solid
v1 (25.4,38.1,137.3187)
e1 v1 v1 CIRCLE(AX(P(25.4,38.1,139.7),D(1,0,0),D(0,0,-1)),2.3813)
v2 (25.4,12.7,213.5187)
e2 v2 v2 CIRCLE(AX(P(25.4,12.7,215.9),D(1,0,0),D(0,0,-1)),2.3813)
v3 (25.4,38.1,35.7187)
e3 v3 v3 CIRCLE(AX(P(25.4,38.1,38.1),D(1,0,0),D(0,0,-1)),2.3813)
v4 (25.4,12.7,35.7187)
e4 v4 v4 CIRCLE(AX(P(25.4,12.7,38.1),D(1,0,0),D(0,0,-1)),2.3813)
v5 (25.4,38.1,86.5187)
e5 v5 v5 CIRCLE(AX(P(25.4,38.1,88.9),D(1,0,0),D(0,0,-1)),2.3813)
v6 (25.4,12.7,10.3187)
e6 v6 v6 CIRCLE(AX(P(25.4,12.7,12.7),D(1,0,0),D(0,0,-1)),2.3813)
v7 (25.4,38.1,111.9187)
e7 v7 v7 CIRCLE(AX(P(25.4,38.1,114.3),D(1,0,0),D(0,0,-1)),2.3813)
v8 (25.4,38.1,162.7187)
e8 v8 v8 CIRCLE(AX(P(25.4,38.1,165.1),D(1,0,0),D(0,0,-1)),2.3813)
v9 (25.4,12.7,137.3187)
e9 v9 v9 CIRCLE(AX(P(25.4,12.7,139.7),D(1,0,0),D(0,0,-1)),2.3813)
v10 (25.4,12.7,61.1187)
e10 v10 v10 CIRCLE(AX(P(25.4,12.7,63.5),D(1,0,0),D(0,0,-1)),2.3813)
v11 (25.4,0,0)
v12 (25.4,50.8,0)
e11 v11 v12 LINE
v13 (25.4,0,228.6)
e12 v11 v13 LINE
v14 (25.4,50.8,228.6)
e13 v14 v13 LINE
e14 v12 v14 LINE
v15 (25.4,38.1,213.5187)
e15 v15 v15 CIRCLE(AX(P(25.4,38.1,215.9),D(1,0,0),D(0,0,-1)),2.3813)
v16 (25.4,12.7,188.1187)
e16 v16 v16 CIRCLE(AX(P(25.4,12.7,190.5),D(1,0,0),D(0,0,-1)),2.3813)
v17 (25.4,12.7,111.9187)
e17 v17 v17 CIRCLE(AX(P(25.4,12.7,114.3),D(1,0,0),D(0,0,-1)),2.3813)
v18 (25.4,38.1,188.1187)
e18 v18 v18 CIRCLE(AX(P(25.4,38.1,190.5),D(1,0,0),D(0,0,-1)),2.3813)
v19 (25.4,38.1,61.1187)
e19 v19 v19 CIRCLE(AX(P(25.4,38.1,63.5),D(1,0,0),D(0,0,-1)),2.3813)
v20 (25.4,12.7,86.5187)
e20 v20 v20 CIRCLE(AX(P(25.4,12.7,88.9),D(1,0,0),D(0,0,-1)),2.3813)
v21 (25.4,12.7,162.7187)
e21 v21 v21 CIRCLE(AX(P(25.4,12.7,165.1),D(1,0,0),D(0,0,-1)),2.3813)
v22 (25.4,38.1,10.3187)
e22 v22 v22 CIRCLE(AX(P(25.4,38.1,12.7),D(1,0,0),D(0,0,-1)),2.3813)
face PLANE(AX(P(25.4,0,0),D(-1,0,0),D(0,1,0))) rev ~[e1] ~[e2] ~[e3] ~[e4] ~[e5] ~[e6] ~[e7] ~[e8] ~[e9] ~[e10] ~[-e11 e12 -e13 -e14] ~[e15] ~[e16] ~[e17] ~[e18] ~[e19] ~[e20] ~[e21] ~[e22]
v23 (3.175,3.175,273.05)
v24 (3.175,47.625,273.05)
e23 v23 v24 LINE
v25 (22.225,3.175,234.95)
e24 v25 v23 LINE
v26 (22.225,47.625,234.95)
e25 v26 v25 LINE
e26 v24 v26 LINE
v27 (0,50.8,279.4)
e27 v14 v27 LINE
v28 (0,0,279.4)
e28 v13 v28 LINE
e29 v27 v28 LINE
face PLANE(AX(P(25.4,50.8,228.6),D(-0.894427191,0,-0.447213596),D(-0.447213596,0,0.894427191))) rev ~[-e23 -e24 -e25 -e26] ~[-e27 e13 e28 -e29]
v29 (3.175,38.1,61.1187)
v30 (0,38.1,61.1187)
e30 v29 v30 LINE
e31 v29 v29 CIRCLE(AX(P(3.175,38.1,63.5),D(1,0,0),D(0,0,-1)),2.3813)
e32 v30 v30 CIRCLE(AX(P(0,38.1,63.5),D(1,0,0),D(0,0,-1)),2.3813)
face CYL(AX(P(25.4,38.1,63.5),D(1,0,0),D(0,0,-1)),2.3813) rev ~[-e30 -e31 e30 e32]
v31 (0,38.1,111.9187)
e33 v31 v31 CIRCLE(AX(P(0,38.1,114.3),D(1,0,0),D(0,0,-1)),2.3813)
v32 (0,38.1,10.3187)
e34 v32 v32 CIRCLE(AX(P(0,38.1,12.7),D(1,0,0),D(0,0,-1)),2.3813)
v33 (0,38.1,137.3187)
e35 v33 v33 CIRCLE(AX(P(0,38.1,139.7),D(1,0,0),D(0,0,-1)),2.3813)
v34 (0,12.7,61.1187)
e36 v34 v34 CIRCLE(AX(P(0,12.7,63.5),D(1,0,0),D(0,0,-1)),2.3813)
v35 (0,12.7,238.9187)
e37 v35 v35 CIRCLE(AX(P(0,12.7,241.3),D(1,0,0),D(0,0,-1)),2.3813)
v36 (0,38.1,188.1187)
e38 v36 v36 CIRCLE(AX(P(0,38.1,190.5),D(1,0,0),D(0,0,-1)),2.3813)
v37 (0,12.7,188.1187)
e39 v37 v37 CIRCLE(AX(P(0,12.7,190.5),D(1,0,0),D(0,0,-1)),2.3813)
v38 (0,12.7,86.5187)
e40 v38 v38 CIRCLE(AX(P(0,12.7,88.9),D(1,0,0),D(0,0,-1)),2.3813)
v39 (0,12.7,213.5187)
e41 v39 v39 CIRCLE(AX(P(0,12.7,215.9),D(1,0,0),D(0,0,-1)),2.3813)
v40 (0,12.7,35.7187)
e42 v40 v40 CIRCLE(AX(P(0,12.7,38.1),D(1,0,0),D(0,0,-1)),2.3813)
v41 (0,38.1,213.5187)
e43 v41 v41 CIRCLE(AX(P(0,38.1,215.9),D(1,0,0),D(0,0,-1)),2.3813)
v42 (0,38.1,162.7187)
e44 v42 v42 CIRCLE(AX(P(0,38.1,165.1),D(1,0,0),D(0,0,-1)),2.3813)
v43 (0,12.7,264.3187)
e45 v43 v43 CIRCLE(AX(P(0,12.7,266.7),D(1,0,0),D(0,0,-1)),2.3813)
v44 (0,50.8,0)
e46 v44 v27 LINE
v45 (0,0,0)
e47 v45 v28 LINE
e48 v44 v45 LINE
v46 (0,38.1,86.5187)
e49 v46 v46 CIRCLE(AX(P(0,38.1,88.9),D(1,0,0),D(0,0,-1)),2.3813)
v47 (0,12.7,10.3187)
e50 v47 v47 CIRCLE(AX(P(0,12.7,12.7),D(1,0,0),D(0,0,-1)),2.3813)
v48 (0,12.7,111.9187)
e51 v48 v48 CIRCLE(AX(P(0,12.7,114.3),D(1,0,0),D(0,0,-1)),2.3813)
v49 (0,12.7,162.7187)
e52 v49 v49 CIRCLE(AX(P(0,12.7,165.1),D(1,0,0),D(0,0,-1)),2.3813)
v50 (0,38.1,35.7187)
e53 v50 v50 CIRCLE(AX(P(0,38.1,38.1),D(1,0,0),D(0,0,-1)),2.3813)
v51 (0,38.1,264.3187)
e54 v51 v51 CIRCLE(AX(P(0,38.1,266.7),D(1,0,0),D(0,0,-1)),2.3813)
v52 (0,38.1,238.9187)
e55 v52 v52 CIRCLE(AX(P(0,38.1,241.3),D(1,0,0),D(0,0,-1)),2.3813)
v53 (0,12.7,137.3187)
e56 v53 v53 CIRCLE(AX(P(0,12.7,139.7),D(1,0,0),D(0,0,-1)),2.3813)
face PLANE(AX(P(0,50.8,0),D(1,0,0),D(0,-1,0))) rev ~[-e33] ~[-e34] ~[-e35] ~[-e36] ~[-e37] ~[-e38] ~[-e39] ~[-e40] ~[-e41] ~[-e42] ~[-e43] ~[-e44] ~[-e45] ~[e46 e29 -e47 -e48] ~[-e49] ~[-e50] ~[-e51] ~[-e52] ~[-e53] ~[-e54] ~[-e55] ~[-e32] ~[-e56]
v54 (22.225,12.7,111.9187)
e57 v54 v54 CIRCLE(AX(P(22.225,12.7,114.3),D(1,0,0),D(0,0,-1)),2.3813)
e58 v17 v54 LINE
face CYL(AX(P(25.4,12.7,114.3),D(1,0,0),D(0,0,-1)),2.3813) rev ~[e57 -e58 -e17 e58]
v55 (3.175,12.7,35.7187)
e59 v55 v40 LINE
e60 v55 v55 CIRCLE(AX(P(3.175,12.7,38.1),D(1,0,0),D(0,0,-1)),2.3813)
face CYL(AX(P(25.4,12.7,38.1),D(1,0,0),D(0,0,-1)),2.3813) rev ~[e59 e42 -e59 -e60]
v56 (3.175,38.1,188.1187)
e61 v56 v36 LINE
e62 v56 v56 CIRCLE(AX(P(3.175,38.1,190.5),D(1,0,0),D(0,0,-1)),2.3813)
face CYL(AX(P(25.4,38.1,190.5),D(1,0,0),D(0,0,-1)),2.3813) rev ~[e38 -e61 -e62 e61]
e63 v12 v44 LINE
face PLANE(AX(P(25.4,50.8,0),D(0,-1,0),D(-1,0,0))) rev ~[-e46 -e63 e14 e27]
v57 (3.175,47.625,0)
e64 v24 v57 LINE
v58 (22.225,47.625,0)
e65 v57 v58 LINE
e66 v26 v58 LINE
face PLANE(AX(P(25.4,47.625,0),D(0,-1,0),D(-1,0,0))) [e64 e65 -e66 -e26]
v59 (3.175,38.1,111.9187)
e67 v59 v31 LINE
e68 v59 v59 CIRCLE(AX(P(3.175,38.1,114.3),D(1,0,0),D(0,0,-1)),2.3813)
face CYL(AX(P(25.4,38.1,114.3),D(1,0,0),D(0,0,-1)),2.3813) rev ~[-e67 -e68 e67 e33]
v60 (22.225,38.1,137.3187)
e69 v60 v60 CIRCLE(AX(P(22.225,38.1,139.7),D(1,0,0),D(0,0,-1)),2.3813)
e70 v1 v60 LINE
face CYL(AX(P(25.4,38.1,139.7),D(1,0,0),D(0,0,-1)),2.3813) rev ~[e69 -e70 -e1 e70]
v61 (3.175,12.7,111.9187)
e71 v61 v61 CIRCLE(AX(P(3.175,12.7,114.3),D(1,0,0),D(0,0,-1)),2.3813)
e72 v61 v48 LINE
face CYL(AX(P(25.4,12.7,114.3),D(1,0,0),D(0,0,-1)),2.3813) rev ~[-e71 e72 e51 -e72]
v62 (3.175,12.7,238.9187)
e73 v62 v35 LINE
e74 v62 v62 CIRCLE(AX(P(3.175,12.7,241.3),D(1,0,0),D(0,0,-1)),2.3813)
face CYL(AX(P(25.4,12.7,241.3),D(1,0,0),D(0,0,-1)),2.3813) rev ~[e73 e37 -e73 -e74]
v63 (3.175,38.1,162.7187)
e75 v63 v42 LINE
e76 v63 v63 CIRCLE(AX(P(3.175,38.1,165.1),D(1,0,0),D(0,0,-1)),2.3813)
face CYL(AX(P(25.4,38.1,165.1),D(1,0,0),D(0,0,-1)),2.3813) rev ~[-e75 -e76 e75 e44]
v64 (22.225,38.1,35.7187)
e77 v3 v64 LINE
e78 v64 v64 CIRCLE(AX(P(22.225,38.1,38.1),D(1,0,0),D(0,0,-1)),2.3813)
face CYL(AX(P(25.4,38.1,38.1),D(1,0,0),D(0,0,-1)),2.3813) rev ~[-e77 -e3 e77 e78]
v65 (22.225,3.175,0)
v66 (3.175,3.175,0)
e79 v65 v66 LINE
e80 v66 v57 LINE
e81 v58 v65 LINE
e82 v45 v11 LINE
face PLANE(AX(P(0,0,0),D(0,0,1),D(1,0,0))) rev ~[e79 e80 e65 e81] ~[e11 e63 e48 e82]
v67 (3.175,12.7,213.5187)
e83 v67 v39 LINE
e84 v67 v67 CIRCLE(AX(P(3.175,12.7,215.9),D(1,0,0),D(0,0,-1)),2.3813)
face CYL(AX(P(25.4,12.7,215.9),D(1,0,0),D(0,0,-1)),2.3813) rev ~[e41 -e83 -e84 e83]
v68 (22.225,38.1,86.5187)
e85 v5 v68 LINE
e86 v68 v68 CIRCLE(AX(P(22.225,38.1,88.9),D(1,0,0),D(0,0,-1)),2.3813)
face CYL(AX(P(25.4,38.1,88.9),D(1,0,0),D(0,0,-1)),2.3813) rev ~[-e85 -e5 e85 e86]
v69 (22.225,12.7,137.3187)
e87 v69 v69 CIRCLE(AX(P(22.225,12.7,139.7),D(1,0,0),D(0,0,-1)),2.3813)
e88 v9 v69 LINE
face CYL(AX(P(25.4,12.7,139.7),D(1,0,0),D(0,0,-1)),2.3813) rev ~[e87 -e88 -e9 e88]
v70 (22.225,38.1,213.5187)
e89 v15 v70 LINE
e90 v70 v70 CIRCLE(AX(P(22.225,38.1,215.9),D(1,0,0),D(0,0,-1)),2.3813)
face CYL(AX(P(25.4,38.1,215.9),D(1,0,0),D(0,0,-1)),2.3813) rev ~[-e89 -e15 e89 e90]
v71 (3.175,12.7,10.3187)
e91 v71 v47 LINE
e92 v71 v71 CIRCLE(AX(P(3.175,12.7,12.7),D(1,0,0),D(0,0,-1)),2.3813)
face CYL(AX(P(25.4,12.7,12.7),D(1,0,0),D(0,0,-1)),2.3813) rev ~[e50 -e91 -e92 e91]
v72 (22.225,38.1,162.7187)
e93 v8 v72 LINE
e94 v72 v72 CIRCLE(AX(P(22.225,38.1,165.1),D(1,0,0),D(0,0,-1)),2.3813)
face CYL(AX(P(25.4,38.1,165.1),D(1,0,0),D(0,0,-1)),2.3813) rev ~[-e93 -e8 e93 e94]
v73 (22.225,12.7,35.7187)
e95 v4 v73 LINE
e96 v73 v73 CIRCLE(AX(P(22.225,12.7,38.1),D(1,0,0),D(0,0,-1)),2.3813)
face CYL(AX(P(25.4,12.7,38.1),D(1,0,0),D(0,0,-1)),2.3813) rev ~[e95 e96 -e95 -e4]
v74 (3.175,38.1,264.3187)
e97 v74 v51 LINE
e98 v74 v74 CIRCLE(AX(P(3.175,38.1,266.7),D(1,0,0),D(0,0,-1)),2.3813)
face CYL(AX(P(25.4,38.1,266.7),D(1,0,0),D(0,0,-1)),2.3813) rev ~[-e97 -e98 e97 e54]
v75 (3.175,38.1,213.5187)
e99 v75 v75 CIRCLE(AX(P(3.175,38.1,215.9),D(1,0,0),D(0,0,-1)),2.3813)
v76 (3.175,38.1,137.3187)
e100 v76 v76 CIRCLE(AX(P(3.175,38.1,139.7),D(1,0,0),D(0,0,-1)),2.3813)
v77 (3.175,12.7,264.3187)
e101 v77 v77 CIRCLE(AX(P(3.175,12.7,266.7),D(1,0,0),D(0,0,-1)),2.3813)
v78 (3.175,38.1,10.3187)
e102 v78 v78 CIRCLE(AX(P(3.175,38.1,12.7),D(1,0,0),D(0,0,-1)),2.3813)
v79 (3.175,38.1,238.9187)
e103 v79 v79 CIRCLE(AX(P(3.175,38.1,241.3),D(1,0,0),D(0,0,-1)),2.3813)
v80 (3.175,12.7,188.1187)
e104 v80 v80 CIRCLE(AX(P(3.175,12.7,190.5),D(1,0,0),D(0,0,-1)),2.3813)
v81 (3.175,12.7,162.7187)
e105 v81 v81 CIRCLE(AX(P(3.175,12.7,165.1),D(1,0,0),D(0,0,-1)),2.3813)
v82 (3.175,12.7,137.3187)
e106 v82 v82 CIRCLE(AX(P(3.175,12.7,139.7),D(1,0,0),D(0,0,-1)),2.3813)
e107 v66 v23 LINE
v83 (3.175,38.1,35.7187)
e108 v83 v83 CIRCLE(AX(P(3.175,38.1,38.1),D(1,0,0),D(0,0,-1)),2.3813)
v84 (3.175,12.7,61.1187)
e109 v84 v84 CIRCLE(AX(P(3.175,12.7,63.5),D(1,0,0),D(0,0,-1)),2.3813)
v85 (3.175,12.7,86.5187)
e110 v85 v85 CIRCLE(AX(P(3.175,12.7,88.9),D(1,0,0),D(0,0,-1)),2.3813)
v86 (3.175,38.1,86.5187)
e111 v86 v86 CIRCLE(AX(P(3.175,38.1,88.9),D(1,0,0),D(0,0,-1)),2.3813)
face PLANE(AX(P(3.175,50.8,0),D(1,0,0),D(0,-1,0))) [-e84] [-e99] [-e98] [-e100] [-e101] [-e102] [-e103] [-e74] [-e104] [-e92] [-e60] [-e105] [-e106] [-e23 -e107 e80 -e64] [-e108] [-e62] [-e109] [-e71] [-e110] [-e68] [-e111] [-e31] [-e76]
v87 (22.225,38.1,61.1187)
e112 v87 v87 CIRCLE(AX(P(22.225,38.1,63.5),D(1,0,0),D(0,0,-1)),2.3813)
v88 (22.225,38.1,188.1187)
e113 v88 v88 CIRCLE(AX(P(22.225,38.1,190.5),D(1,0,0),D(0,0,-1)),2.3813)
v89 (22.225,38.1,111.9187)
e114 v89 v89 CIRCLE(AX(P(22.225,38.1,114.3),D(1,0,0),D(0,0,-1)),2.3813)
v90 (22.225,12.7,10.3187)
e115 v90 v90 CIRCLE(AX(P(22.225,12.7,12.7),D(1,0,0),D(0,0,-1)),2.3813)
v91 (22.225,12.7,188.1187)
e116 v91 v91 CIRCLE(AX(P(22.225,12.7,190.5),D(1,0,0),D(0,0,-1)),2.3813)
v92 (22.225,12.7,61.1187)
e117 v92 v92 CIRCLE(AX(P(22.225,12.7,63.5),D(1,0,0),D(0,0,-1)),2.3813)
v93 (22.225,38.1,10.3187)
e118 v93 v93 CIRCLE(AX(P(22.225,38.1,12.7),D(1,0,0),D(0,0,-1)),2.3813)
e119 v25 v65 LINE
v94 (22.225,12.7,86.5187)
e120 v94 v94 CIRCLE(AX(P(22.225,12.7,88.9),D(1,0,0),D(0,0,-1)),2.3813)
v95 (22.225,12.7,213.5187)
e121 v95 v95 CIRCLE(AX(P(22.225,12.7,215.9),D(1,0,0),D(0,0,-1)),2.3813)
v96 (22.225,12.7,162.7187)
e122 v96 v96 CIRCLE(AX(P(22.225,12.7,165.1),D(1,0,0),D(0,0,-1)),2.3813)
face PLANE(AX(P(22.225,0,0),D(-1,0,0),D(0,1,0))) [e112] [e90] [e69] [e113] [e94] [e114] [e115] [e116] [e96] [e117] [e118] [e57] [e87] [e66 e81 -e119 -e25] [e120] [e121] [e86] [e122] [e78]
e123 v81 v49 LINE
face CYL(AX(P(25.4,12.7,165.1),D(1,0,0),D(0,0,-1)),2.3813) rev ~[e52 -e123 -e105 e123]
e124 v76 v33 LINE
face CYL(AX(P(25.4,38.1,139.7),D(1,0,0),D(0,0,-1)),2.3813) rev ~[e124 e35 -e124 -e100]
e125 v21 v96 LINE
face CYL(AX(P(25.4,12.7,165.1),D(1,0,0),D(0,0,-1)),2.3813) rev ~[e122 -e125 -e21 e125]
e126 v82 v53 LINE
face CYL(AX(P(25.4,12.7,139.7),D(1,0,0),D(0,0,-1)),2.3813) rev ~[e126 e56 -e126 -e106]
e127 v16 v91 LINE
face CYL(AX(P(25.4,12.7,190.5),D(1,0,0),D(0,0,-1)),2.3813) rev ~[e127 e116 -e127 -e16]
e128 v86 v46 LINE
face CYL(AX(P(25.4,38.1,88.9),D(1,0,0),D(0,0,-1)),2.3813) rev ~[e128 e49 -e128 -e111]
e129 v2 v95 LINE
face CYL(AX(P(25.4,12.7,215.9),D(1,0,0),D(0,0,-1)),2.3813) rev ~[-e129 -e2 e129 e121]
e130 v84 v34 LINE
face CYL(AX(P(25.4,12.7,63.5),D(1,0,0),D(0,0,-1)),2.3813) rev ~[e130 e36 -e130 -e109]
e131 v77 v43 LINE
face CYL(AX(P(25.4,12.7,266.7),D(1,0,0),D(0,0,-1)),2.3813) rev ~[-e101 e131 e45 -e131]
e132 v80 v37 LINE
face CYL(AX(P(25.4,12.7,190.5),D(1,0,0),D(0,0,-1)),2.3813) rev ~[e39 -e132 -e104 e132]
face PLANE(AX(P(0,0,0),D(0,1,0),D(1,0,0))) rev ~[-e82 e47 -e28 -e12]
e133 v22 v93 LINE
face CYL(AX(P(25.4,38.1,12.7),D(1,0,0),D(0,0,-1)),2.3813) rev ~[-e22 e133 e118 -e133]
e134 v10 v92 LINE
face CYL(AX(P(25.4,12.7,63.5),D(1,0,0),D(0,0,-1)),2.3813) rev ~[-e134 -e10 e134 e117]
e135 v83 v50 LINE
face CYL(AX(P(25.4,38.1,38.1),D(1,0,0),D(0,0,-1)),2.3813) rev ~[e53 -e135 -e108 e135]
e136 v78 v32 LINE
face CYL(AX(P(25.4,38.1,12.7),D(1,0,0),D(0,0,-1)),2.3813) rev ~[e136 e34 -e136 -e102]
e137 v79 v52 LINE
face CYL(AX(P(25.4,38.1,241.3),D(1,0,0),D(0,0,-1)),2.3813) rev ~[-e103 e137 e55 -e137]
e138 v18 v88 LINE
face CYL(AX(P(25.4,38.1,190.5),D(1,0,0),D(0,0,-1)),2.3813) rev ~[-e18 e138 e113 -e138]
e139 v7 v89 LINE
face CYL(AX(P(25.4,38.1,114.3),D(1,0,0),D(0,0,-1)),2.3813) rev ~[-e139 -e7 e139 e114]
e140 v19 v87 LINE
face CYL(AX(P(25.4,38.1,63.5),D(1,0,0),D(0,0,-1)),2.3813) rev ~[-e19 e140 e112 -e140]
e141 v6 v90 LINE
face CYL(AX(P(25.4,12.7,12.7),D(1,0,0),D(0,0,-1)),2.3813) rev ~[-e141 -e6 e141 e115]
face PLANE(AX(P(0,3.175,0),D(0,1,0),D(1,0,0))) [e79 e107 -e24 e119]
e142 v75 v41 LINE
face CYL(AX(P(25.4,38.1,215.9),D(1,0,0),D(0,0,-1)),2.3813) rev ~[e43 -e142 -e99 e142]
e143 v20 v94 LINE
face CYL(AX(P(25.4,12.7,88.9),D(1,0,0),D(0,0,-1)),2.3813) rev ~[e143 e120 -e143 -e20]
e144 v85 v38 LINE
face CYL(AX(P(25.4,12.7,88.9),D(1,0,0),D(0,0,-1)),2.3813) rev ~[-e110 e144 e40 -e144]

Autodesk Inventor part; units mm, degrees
ref_plane "YZ Plane" through (0, 0, 0) normal (1, 0, 0) x (0, 1, 0)
ref_plane "XZ Plane" through (0, 0, 0) normal (0, 1, 0) x (-1, 0, 0)
ref_plane "XY Plane" through (0, 0, 0) normal (0, 0, 1) x (1, 0, 0)
sketch "Sketch1" plane through (0, 0, 0) normal (0, 0, 1) x (1, 0, 0)
  line L0 (0, 0) -> (25.4, 0)
  line L1 (25.4, 0) -> (25.4, 50.8)
  line L2 (25.4, 50.8) -> (0, 50.8)
  line L3 (0, 50.8) -> (0, 0)
  dimension "d0" = 25.4
  dimension "d1" = 50.8
extrude "Extrusion1" add sketch "Sketch1" along normal blind 279.4
shell "Shell1" thickness 3.175 removed faces 2 at (8.4667, 33.8667, 0) at (8.4667, 33.8667, 279.4)
sketch "Sketch2" plane through (25.4, 0, 0) normal (1, 0, 0) x (0, 0, -1)
  line L0 (-279.4, 50.8) -> (-279.4, 0) projected
  line L1 (0, 50.8) -> (-279.4, 50.8) projected
  circle A0 centre (-266.7, 38.1) radius 2.3813
  dimension "d5" = 4.7625
  dimension "d6" = 12.7
  dimension "d7" = 12.7
extrude "Extrusion2" cut sketch "Sketch2" against normal through all
pattern_linear "Rectangular Pattern1" count 11 spacing 25.4 along (0, 0, -1) count 2 spacing 25.4 along (0, -1, 0) of "Extrusion2"
sketch "Sketch3" plane through (0, 50.8, 0) normal (0, 1, 0) x (1, 0, 0)
  line L0 (0, -279.4) -> (25.4, -279.4) projected
  line L1 (25.4, 0) -> (25.4, -279.4) projected
  line L2 (0, -279.4) -> (25.4, -279.4)
  line L3 (25.4, -228.6) -> (0, -279.4)
  dimension "d16" = 50.8
extrude "Extrusion3" cut sketch "Sketch3" against normal through all
properties part number "Frame_MidRollerSupport"
